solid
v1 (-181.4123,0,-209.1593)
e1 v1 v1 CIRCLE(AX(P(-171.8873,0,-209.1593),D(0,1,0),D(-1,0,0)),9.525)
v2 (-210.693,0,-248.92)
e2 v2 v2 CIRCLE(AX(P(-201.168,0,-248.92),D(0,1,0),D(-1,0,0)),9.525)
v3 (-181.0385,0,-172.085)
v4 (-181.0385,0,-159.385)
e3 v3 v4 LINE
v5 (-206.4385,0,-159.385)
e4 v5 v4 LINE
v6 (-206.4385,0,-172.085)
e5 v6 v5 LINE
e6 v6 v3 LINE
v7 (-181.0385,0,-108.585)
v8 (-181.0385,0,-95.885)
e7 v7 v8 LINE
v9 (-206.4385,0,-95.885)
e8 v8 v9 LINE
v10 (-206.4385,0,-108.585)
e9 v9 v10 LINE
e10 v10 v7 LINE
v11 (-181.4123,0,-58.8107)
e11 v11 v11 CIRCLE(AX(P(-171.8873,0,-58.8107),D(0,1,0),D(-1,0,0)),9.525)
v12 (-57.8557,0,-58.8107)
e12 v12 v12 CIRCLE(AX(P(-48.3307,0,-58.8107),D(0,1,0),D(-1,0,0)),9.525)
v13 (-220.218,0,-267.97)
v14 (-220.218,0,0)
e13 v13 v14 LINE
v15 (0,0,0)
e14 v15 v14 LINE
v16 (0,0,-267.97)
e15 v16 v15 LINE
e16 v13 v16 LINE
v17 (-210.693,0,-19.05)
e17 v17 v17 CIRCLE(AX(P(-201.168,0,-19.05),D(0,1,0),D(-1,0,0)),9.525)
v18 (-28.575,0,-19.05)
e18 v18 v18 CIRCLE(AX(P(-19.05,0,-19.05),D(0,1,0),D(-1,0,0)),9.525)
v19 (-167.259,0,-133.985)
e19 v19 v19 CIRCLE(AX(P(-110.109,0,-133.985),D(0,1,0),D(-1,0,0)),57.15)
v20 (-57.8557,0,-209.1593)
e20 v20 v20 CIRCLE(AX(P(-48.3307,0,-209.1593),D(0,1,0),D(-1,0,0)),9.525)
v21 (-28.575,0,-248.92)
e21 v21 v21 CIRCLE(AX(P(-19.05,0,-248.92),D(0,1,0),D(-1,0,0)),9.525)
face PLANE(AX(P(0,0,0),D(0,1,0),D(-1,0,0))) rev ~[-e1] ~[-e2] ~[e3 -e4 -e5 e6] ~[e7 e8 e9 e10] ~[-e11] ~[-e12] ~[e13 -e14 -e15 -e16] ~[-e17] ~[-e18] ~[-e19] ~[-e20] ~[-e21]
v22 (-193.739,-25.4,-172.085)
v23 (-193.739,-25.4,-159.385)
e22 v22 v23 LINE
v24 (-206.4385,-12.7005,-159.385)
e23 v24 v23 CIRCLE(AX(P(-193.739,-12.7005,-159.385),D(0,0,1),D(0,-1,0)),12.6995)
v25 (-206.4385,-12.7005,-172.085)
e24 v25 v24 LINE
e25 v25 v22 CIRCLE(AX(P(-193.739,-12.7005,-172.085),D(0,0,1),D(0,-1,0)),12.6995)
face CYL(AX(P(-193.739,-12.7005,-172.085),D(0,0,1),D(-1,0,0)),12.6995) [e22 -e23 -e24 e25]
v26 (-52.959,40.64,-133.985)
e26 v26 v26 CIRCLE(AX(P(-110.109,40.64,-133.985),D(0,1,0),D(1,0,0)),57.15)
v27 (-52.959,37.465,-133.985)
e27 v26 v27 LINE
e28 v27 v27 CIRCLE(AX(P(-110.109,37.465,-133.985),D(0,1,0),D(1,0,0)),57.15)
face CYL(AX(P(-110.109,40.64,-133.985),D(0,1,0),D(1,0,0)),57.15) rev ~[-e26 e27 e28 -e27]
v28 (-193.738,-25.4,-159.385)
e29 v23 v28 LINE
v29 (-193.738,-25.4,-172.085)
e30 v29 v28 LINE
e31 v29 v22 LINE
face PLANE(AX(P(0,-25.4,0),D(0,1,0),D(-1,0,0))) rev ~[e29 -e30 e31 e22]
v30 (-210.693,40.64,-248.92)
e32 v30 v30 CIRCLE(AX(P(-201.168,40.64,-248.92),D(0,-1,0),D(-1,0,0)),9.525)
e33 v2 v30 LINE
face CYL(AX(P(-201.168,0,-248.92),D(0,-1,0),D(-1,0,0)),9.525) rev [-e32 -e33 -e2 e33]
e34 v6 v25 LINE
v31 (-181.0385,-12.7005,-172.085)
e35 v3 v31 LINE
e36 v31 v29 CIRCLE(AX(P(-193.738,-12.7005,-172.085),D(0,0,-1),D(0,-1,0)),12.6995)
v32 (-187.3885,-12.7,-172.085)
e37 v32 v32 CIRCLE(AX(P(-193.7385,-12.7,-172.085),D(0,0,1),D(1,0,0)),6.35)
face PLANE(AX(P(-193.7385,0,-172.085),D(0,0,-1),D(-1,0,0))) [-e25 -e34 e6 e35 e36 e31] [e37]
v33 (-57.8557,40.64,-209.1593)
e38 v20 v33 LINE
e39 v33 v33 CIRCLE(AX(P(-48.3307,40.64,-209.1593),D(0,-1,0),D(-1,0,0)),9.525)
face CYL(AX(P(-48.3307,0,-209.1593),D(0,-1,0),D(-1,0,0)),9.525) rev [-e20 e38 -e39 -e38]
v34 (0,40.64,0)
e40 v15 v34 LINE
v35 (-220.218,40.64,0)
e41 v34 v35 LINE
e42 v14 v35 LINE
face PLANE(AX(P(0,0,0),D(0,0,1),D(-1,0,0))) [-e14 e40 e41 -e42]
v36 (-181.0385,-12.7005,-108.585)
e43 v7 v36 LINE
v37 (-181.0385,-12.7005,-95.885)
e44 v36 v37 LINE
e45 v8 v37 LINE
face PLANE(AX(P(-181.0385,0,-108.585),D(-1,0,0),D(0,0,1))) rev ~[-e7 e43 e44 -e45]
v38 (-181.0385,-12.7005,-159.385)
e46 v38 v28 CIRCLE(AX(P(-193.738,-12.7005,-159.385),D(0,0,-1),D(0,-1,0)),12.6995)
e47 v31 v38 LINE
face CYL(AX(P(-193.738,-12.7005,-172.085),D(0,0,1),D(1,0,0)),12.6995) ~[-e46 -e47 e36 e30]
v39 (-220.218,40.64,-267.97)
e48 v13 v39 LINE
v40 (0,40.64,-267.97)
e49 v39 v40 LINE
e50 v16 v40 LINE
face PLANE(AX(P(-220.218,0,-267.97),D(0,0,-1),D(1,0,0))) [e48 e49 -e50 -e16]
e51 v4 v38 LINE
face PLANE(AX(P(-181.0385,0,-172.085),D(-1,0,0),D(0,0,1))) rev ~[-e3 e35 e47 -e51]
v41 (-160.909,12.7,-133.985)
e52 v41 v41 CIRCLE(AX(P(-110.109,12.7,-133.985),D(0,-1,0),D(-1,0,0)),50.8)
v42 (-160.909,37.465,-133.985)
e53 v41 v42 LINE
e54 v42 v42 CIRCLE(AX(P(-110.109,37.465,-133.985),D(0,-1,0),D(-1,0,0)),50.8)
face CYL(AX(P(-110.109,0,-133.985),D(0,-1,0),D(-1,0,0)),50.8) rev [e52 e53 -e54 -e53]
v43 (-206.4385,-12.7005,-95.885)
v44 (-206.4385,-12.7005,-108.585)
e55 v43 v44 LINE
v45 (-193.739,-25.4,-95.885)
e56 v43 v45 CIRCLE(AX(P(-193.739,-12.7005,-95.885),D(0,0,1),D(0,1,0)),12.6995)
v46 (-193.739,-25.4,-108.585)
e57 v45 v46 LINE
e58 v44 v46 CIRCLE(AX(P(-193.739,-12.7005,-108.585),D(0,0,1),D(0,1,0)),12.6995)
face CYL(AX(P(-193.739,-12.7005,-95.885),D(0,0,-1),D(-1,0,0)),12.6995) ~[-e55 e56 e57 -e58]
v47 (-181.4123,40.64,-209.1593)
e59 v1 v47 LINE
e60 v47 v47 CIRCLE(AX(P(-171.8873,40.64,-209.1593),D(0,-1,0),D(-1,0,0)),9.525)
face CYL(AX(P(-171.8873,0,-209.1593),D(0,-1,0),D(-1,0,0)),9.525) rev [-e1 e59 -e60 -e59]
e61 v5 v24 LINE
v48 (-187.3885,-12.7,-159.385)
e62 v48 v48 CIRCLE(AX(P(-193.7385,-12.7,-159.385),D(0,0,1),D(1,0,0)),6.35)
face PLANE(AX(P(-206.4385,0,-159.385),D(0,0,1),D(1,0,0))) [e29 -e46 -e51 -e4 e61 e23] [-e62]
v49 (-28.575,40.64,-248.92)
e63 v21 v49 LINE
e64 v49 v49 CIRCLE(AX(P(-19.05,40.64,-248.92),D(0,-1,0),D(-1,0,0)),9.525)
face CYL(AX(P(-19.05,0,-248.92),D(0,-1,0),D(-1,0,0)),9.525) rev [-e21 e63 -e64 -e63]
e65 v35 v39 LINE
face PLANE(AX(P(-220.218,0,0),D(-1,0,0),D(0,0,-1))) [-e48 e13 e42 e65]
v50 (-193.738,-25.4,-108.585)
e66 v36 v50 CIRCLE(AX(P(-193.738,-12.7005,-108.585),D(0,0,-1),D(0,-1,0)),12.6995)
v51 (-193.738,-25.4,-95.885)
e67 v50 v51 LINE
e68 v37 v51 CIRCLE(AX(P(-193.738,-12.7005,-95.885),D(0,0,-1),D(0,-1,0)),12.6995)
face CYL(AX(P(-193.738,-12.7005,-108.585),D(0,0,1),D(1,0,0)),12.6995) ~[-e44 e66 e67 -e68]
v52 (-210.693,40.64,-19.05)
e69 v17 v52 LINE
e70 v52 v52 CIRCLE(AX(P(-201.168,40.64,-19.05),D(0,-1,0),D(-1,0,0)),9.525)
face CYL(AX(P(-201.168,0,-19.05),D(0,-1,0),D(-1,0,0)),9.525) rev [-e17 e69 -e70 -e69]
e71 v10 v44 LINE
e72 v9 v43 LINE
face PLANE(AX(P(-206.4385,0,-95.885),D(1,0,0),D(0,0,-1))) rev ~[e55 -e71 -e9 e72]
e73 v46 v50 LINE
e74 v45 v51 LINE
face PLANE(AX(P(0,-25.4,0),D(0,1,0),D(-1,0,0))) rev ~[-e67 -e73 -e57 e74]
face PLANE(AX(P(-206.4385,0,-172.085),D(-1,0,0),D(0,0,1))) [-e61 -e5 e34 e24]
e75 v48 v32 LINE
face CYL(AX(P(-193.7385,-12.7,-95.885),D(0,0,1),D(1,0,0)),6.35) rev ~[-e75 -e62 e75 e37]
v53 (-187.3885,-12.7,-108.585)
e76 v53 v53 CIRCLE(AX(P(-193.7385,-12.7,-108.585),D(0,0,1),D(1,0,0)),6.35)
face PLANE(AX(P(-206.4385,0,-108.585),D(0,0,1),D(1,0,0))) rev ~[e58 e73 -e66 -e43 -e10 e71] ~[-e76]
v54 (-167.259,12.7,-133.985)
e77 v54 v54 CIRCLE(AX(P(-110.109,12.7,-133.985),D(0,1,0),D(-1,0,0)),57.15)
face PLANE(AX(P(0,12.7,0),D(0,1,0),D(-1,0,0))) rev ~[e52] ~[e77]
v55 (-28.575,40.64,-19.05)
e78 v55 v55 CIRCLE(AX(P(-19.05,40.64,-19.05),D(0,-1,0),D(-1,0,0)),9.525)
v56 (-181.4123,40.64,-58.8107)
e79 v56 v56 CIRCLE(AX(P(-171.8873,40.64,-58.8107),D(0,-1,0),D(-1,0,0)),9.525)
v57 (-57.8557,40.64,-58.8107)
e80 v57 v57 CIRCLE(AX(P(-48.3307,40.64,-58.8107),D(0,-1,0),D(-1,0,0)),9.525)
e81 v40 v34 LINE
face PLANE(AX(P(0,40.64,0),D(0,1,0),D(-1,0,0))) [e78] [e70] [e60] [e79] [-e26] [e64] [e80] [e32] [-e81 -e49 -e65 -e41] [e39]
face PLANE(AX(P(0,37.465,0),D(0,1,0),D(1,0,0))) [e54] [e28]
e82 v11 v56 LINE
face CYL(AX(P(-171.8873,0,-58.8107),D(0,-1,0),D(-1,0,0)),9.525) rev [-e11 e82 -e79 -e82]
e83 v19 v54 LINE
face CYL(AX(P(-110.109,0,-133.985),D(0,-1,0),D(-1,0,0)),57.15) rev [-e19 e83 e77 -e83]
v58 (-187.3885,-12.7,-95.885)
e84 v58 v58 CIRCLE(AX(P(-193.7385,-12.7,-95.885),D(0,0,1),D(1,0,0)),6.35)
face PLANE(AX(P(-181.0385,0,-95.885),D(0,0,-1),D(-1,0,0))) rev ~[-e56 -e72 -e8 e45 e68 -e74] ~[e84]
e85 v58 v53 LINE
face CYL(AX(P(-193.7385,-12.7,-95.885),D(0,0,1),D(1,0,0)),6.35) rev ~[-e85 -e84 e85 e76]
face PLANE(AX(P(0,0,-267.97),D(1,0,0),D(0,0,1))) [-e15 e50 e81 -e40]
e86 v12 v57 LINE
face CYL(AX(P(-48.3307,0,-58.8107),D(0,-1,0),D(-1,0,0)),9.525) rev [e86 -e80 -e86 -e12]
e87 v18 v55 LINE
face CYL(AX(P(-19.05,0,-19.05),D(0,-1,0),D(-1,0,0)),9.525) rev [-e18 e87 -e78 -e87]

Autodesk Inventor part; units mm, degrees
ref_plane "YZ Plane" through (0, 0, 0) normal (1, 0, 0) x (0, 1, 0)
ref_plane "XZ Plane" through (0, 0, 0) normal (0, 1, 0) x (-1, 0, 0)
ref_plane "XY Plane" through (0, 0, 0) normal (0, 0, 1) x (1, 0, 0)
sketch "Sketch1" plane through (0, 0, 0) normal (0, 1, 0) x (-1, 0, 0)
  line L0 (0, 0) -> (220.218, 0)
  line L1 (220.218, 0) -> (220.218, -267.97)
  line L2 (220.218, -267.97) -> (0, -267.97)
  line L3 (0, -267.97) -> (0, 0)
  circle A0 centre (110.109, -133.985) radius 57.15
  circle A1 centre (110.109, -133.985) radius 50.8
  line L4 (220.218, 0) -> (220.218, -25.4)
  circle A2 centre (201.168, -248.92) radius 9.525
  circle A3 centre (201.168, -19.05) radius 9.525
  circle A4 centre (19.05, -248.92) radius 9.525
  circle A5 centre (19.05, -19.05) radius 9.525
  line L5 (181.0385, -172.085) -> (193.7385, -172.085)
  line L6 (193.7385, -172.085) -> (206.4385, -172.085)
  line L7 (181.0385, -172.085) -> (206.4385, -172.085)
  line L8 (206.4385, -172.085) -> (206.4385, -159.385)
  line L9 (206.4385, -159.385) -> (181.0385, -159.385)
  line L10 (181.0385, -95.885) -> (193.7385, -95.885)
  line L11 (193.7385, -95.885) -> (206.4385, -95.885)
  line L12 (181.0385, -95.885) -> (206.4385, -95.885)
  line L13 (206.4385, -95.885) -> (206.4385, -108.585)
  line L14 (206.4385, -108.585) -> (181.0385, -108.585)
  line L15 (181.0385, -172.085) -> (181.0385, -159.385)
  line L16 (181.0385, -108.585) -> (181.0385, -95.885)
  circle A6 centre (171.8873, -209.1593) radius 34.925
  circle A7 centre (48.3307, -209.1593) radius 34.925
  circle A8 centre (171.8873, -58.8107) radius 34.925
  circle A9 centre (48.3307, -58.8107) radius 34.925
  circle A10 centre (171.8873, -58.8107) radius 9.525
  circle A11 centre (171.8873, -209.1593) radius 9.525
  circle A12 centre (48.3307, -209.1593) radius 9.525
  circle A13 centre (48.3307, -58.8107) radius 9.525
  dimension "d0" = 220.218
  dimension "d1" = 267.97
  dimension "d41" = 12.7
  dimension "d44" = 12.7
  dimension "d52" = 69.85
  dimension "d53" = 19.05
  dimension "d54" = 19.05
  dimension "d57" = 19.05
  dimension "d58" = 19.05
extrude "Extrusion3" add sketch "Sketch1" along normal blind 40.64 contours L0 L1 L2 L3 | A0 | A1 | A2 | A3 | A4 | A5 | L15 L9 L8 L6 L5 | L10 L11 L13 L14 L16 | A6 | A7 | A8 | A9 | A10 | A11 | A12 | A13
extrude "Extrusion4" cut sketch "Sketch1" along normal blind 40.64 contours A1
extrude "Extrusion5" cut sketch "Sketch1" along normal blind 12.7 contours A0 | A1
sketch "Sketch3" plane through (0, 40.64, 0) normal (0, 1, 0) x (1, 0, 0)
  line L0 (0, 267.97) -> (-220.218, 267.97) projected
  line L1 (-220.218, 0) -> (0, 0) projected
  circle A0 centre (-110.109, 133.985) radius 57.15
  dimension "d21" = 114.3
extrude "Extrusion6" cut sketch "Sketch3" against normal blind 3.175
extrude "Extrusion8" cut sketch "Sketch1" along normal blind 87.3125 contours A2 | A3 | A4 | A5
extrude "Extrusion9" add sketch "Sketch1" against normal blind 25.4 contours L15 L9 L8 L6 L5 | L10 L11 L13 L14 L16
fillet "Fillet1" radius 12.7 4 edges at (-181.0385, -25.4, -102.235) (-181.0385, -25.4, -165.735) (-206.4385, -25.4, -165.735) (-206.4385, -25.4, -102.235)
sketch "Sketch4" plane through (-206.4385, 0, -95.885) normal (0, 0, 1) x (1, 0, 0)
  arc A0 (0, -12.7) -> (25.4, -12.7) centre (12.7, -12.7) ccw projected
  circle A1 centre (12.7, -12.7) radius 6.35
  point P0 (206.4385, 0)
  dimension "d48" = 12.7
extrude "Extrusion10" cut sketch "Sketch4" along normal mid plane 436.5625
extrude "Extrusion11" cut sketch "Sketch1" along normal blind 125.4125 contours A10 | A11 | A12 | A13
properties part number "Wash_Base_Bottom"
